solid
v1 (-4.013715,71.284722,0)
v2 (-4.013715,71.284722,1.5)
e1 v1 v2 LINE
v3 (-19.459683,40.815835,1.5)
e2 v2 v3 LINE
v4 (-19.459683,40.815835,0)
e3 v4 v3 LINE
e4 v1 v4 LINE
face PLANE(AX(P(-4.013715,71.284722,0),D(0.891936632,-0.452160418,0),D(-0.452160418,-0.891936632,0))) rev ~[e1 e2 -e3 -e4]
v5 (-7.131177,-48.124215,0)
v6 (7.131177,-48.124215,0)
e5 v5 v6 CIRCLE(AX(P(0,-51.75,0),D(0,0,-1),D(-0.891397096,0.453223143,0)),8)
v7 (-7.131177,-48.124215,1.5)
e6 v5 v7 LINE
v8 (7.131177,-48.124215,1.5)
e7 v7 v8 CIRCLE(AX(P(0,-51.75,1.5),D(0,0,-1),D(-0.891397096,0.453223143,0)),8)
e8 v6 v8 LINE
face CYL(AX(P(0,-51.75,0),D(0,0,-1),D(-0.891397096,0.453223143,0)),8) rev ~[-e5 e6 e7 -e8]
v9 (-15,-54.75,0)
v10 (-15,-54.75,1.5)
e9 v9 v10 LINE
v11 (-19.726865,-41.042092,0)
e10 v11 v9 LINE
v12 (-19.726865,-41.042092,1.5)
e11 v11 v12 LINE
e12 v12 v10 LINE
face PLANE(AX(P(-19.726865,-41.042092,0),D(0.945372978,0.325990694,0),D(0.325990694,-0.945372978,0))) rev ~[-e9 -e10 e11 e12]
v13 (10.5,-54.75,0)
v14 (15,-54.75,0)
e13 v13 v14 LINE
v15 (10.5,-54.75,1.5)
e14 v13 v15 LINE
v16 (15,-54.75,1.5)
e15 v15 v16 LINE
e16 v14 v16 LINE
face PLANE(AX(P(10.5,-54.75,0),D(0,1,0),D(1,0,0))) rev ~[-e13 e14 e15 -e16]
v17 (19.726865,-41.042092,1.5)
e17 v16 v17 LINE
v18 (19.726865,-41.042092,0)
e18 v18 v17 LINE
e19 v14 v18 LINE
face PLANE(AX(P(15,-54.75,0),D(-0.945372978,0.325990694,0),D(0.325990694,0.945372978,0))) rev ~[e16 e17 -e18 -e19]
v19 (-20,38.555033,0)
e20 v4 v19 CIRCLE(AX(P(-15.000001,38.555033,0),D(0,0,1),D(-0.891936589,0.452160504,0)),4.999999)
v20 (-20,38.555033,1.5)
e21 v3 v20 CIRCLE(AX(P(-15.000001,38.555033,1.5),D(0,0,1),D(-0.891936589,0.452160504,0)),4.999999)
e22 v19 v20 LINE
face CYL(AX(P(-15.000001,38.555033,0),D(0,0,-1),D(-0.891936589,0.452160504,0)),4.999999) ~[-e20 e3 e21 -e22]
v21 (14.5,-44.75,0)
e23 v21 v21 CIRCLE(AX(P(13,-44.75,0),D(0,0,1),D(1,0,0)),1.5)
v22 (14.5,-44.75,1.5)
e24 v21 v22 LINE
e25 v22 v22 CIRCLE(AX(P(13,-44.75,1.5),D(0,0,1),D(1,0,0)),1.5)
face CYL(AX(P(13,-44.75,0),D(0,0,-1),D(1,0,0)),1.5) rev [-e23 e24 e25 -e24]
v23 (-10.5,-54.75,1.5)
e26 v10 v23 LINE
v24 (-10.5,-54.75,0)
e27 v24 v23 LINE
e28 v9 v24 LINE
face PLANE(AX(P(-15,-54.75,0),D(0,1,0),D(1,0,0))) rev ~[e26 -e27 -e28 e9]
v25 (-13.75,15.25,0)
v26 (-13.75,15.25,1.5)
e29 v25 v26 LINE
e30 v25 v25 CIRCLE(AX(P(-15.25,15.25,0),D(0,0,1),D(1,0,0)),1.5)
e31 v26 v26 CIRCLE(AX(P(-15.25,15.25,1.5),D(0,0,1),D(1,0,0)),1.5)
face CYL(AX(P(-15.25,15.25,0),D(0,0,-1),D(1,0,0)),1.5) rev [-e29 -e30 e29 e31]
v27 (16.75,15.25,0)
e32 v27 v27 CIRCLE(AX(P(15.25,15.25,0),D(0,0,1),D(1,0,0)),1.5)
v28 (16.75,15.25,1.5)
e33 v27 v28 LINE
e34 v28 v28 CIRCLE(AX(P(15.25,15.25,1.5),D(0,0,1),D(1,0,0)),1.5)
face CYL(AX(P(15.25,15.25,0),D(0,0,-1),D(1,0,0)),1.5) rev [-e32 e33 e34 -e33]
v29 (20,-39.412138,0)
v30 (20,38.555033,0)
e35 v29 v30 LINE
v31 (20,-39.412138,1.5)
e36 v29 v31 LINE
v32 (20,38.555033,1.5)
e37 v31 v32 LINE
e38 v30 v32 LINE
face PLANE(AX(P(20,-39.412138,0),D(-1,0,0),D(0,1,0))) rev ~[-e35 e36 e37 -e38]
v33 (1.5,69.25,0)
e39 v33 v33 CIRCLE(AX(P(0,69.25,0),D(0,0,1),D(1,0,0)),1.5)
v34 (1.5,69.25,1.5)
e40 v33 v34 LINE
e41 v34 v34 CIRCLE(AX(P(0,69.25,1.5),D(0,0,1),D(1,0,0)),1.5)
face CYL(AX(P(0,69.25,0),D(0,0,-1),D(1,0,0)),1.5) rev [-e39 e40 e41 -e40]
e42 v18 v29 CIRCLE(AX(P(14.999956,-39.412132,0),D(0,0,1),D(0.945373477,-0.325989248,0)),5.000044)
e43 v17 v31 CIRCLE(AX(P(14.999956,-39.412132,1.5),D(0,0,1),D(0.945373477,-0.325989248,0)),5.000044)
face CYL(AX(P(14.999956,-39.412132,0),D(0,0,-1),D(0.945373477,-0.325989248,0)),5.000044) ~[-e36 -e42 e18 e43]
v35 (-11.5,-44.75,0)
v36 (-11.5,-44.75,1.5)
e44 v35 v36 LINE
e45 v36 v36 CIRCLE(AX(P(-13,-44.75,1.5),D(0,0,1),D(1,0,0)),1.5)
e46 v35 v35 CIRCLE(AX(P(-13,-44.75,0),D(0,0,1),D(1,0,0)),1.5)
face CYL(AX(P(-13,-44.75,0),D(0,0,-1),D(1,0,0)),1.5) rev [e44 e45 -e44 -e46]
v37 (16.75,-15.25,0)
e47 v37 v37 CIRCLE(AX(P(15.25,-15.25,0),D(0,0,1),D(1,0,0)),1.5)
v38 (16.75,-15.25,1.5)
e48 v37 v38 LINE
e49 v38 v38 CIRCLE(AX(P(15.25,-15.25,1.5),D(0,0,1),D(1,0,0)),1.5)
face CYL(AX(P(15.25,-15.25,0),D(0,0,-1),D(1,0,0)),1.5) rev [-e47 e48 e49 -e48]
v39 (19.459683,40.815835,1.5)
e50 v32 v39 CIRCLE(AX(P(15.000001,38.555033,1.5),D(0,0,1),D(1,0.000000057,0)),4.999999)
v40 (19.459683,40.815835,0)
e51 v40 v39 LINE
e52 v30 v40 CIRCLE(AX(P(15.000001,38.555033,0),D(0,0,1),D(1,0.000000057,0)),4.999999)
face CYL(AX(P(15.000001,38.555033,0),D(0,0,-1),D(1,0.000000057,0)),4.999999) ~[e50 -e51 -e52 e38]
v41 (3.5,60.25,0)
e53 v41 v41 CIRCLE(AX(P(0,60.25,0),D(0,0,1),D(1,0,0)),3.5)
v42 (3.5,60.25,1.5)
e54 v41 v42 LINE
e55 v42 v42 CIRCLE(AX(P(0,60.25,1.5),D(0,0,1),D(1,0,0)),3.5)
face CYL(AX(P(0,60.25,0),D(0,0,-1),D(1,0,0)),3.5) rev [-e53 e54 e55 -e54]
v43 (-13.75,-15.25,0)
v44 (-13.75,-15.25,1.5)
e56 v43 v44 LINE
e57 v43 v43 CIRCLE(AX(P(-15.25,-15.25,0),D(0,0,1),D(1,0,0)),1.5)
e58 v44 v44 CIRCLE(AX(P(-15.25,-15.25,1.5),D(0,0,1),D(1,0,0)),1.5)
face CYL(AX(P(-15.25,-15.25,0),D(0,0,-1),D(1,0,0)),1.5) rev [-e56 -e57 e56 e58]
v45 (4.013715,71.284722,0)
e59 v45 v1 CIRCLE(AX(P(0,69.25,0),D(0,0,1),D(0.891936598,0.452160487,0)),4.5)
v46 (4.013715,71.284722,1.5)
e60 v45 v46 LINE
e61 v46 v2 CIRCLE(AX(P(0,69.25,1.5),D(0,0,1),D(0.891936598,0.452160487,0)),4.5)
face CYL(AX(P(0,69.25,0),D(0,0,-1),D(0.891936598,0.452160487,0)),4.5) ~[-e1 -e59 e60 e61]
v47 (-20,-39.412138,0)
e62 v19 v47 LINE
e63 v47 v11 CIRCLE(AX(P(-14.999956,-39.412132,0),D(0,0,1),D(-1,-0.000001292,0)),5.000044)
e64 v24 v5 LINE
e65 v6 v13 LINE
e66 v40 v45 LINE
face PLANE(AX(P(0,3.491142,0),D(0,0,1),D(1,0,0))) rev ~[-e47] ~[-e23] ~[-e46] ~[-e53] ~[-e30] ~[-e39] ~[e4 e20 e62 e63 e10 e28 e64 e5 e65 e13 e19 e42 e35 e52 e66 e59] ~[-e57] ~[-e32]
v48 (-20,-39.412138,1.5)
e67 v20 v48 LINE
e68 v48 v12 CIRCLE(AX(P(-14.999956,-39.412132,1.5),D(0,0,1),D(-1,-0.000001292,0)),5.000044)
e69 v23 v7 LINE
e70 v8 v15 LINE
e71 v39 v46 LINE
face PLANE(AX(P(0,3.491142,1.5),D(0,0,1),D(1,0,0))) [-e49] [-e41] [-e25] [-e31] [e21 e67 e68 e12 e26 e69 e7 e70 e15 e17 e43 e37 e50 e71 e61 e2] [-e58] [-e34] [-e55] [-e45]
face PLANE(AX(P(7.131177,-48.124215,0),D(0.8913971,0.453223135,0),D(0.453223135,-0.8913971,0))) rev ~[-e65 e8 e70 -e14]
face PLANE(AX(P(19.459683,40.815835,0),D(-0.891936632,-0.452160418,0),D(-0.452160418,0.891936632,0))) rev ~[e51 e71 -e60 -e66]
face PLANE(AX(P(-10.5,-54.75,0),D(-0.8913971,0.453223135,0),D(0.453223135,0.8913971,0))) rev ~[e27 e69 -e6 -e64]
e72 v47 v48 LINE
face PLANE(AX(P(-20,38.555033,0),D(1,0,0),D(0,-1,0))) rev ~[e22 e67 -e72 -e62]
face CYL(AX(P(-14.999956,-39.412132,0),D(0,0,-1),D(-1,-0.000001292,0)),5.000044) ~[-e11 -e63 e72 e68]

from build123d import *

# Parameters (mm, degrees)
F0_R     = 1.5
F0_R_2   = 3.5
F1_DEPTH = 1.5


with BuildPart() as f1:
    # F0 (on Top) → F1 (new body)
    with BuildSketch(Plane.XY):
        with BuildLine():
            Line((19.459683, 40.815835), (4.013715, 71.284722))
            ThreePointArc((4.013715, 71.284722), (0, 73.75), (-4.013715, 71.284722))
            Line((-4.013715, 71.284722), (-19.459683, 40.815835))
            ThreePointArc((-19.459683, 40.815835), (-19.863045, 39.717269), (-20, 38.555033))
            Line((-20, 38.555033), (-20, -39.412138))
            ThreePointArc((-20, -39.412138), (-19.931243, -40.238478), (-19.726865, -41.042092))
            Line((-19.726865, -41.042092), (-15, -54.75))
            Line((-15, -54.75), (-10.5, -54.75))
            Line((-10.5, -54.75), (-7.131177, -48.124215))
            ThreePointArc((-7.131177, -48.124215), (0, -43.75), (7.131177, -48.124215))
            Line((7.131177, -48.124215), (10.5, -54.75))
            Line((10.5, -54.75), (15, -54.75))
            Line((15, -54.75), (19.726865, -41.042092))
            ThreePointArc((19.726865, -41.042092), (19.931243, -40.238478), (20, -39.412138))
            Line((20, -39.412138), (20, 38.555033))
            ThreePointArc((20, 38.555033), (19.863045, 39.717269), (19.459683, 40.815835))
        make_face()
        with Locations((-13, -44.75)):
            Circle(F0_R, mode=Mode.SUBTRACT)
        with Locations((-15.25, -15.25)):
            Circle(F0_R, mode=Mode.SUBTRACT)
        with Locations((13, -44.75)):
            Circle(F0_R, mode=Mode.SUBTRACT)
        with Locations((15.25, -15.25)):
            Circle(F0_R, mode=Mode.SUBTRACT)
        with Locations((-15.25, 15.25)):
            Circle(F0_R, mode=Mode.SUBTRACT)
        with Locations((15.25, 15.25)):
            Circle(F0_R, mode=Mode.SUBTRACT)
        with Locations((0, 60.25)):
            Circle(F0_R_2, mode=Mode.SUBTRACT)
        with Locations((0, 69.25)):
            Circle(F0_R, mode=Mode.SUBTRACT)
    extrude(amount=F1_DEPTH)


solid = f1.part
